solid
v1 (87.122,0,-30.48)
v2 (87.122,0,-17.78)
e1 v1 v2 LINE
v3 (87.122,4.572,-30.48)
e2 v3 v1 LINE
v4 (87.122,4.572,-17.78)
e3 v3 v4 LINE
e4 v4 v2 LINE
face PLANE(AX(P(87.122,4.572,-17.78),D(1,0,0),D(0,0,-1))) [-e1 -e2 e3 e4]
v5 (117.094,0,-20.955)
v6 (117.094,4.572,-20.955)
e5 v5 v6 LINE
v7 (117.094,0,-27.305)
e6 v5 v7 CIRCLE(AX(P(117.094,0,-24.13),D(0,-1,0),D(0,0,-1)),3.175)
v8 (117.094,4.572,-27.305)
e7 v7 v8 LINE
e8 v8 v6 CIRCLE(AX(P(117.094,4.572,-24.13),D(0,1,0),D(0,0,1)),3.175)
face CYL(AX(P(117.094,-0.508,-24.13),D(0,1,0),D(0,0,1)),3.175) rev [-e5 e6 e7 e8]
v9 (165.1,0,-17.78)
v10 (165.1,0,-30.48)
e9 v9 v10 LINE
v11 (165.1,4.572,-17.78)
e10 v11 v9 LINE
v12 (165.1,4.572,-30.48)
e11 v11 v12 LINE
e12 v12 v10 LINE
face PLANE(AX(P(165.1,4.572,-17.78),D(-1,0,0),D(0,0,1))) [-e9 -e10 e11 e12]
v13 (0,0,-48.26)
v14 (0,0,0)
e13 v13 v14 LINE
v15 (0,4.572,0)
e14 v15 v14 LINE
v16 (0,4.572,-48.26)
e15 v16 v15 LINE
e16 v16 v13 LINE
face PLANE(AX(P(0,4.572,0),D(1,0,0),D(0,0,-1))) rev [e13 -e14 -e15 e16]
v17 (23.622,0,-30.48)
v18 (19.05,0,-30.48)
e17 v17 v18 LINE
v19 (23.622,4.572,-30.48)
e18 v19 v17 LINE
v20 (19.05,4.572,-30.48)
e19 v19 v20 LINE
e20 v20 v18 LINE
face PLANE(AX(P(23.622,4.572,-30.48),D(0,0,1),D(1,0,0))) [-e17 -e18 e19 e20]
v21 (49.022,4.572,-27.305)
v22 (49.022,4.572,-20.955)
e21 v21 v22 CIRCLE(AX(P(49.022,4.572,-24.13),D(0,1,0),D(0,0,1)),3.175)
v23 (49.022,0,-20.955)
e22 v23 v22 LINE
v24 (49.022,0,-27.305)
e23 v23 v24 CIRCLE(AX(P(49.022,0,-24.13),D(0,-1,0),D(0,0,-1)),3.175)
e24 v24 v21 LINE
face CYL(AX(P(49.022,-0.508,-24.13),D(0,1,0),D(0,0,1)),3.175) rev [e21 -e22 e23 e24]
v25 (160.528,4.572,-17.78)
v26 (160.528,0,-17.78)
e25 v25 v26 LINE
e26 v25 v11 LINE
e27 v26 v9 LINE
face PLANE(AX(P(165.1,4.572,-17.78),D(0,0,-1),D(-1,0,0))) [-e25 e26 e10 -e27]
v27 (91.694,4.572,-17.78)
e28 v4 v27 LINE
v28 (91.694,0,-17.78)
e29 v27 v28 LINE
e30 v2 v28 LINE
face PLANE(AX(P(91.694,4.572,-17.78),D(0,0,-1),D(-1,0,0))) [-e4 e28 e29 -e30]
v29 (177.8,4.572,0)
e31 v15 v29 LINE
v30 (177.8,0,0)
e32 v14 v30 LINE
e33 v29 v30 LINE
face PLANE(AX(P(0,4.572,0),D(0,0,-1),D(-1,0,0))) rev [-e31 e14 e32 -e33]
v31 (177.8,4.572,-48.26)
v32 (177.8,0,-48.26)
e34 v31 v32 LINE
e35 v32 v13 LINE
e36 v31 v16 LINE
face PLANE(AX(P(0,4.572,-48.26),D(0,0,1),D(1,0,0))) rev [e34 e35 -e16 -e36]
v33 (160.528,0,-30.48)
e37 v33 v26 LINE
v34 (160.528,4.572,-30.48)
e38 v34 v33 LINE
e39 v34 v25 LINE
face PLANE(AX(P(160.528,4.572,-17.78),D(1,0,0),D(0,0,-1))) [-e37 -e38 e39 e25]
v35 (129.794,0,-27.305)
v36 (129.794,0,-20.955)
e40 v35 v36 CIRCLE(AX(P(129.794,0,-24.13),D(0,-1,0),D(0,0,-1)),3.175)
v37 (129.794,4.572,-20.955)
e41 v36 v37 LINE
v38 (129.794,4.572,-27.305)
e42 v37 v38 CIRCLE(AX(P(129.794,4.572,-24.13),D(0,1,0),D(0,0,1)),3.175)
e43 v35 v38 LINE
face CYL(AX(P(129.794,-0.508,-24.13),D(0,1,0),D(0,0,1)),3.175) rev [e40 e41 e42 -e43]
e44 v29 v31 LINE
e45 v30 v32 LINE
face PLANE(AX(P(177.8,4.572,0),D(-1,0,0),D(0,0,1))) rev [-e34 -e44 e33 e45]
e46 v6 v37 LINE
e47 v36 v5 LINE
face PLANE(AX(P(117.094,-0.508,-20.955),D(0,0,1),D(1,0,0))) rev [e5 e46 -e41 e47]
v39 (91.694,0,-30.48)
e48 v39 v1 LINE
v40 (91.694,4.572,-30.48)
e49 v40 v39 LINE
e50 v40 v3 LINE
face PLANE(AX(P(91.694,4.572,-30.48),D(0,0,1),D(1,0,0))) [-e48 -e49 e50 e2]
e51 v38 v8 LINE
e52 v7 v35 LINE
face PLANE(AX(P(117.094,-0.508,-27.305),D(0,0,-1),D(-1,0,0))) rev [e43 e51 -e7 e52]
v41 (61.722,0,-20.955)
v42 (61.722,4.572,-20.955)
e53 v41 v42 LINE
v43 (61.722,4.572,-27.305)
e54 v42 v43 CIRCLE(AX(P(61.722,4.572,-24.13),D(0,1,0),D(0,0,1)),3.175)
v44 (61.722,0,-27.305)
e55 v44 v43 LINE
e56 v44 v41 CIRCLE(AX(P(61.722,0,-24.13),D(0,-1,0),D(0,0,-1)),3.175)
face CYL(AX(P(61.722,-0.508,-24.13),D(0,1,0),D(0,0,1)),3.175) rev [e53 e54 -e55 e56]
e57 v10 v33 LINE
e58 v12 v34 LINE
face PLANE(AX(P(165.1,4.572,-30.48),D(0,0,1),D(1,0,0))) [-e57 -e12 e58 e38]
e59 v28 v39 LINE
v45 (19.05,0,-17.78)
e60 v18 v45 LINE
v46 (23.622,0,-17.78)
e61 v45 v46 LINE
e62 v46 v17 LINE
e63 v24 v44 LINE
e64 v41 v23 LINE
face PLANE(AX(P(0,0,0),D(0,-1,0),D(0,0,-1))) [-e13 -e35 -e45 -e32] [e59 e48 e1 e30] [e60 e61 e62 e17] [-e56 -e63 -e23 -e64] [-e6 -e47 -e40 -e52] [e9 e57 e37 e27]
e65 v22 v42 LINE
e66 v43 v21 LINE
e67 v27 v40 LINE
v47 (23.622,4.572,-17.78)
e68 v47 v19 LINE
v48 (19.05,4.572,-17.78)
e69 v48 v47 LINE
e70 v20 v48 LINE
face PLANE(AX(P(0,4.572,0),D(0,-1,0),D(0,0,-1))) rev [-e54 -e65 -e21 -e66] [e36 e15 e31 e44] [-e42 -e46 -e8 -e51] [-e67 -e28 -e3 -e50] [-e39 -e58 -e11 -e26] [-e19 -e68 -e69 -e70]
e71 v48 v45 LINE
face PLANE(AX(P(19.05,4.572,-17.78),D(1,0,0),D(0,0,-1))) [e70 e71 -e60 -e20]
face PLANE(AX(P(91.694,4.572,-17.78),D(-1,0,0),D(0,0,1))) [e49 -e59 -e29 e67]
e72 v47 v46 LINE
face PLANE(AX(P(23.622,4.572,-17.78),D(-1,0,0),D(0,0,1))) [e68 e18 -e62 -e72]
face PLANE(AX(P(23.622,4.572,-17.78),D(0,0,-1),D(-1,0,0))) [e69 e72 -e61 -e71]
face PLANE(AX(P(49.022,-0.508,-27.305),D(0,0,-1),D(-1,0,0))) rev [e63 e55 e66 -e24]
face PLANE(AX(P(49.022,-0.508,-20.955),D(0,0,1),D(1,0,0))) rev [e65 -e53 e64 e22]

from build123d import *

# Parameters (mm, degrees)
SKETCH1_W           = 177.8
SKETCH1_H           = 48.26
SKETCH1_W_2         = 4.572
SKETCH1_H_2         = 12.7
BOSS_EXTRUDE1_DEPTH = 4.572
CUT_EXTRUDE1_DEPTH  = 5.08


with BuildPart() as part:
    # Sketch1 → Boss-Extrude1 (new body)
    with BuildSketch(Plane(origin=(0, 0, 0), x_dir=(1, 0, 0), z_dir=(0, 1, 0))):
        with Locations((88.9, 24.13)):
            Rectangle(SKETCH1_W, SKETCH1_H)
        with Locations((162.814, 24.13)):
            Rectangle(SKETCH1_W_2, SKETCH1_H_2, mode=Mode.SUBTRACT)
        with Locations((89.408, 24.13)):
            Rectangle(SKETCH1_W_2, SKETCH1_H_2, mode=Mode.SUBTRACT)
        with Locations((21.336, 24.13)):
            Rectangle(SKETCH1_W_2, SKETCH1_H_2, mode=Mode.SUBTRACT)
    extrude(amount=BOSS_EXTRUDE1_DEPTH)

    # Sketch2 → Cut-Extrude1 (cut)
    with BuildSketch(Plane(origin=(0, 4.572, 0), x_dir=(1, 0, 0), z_dir=(0, 1, 0))):
        with BuildLine():
            Line((49.022, 27.305), (61.722, 27.305))
            ThreePointArc((61.722, 27.305), (64.897, 24.13), (61.722, 20.955))
            Line((61.722, 20.955), (49.022, 20.955))
            ThreePointArc((49.022, 20.955), (45.847, 24.13), (49.022, 27.305))
        make_face()
        with BuildLine():
            Line((117.094, 27.305), (129.794, 27.305))
            ThreePointArc((129.794, 27.305), (132.969, 24.13), (129.794, 20.955))
            Line((129.794, 20.955), (117.094, 20.955))
            ThreePointArc((117.094, 20.955), (113.919, 24.13), (117.094, 27.305))
        make_face()
    extrude(amount=-CUT_EXTRUDE1_DEPTH, mode=Mode.SUBTRACT)


solid = part.part
